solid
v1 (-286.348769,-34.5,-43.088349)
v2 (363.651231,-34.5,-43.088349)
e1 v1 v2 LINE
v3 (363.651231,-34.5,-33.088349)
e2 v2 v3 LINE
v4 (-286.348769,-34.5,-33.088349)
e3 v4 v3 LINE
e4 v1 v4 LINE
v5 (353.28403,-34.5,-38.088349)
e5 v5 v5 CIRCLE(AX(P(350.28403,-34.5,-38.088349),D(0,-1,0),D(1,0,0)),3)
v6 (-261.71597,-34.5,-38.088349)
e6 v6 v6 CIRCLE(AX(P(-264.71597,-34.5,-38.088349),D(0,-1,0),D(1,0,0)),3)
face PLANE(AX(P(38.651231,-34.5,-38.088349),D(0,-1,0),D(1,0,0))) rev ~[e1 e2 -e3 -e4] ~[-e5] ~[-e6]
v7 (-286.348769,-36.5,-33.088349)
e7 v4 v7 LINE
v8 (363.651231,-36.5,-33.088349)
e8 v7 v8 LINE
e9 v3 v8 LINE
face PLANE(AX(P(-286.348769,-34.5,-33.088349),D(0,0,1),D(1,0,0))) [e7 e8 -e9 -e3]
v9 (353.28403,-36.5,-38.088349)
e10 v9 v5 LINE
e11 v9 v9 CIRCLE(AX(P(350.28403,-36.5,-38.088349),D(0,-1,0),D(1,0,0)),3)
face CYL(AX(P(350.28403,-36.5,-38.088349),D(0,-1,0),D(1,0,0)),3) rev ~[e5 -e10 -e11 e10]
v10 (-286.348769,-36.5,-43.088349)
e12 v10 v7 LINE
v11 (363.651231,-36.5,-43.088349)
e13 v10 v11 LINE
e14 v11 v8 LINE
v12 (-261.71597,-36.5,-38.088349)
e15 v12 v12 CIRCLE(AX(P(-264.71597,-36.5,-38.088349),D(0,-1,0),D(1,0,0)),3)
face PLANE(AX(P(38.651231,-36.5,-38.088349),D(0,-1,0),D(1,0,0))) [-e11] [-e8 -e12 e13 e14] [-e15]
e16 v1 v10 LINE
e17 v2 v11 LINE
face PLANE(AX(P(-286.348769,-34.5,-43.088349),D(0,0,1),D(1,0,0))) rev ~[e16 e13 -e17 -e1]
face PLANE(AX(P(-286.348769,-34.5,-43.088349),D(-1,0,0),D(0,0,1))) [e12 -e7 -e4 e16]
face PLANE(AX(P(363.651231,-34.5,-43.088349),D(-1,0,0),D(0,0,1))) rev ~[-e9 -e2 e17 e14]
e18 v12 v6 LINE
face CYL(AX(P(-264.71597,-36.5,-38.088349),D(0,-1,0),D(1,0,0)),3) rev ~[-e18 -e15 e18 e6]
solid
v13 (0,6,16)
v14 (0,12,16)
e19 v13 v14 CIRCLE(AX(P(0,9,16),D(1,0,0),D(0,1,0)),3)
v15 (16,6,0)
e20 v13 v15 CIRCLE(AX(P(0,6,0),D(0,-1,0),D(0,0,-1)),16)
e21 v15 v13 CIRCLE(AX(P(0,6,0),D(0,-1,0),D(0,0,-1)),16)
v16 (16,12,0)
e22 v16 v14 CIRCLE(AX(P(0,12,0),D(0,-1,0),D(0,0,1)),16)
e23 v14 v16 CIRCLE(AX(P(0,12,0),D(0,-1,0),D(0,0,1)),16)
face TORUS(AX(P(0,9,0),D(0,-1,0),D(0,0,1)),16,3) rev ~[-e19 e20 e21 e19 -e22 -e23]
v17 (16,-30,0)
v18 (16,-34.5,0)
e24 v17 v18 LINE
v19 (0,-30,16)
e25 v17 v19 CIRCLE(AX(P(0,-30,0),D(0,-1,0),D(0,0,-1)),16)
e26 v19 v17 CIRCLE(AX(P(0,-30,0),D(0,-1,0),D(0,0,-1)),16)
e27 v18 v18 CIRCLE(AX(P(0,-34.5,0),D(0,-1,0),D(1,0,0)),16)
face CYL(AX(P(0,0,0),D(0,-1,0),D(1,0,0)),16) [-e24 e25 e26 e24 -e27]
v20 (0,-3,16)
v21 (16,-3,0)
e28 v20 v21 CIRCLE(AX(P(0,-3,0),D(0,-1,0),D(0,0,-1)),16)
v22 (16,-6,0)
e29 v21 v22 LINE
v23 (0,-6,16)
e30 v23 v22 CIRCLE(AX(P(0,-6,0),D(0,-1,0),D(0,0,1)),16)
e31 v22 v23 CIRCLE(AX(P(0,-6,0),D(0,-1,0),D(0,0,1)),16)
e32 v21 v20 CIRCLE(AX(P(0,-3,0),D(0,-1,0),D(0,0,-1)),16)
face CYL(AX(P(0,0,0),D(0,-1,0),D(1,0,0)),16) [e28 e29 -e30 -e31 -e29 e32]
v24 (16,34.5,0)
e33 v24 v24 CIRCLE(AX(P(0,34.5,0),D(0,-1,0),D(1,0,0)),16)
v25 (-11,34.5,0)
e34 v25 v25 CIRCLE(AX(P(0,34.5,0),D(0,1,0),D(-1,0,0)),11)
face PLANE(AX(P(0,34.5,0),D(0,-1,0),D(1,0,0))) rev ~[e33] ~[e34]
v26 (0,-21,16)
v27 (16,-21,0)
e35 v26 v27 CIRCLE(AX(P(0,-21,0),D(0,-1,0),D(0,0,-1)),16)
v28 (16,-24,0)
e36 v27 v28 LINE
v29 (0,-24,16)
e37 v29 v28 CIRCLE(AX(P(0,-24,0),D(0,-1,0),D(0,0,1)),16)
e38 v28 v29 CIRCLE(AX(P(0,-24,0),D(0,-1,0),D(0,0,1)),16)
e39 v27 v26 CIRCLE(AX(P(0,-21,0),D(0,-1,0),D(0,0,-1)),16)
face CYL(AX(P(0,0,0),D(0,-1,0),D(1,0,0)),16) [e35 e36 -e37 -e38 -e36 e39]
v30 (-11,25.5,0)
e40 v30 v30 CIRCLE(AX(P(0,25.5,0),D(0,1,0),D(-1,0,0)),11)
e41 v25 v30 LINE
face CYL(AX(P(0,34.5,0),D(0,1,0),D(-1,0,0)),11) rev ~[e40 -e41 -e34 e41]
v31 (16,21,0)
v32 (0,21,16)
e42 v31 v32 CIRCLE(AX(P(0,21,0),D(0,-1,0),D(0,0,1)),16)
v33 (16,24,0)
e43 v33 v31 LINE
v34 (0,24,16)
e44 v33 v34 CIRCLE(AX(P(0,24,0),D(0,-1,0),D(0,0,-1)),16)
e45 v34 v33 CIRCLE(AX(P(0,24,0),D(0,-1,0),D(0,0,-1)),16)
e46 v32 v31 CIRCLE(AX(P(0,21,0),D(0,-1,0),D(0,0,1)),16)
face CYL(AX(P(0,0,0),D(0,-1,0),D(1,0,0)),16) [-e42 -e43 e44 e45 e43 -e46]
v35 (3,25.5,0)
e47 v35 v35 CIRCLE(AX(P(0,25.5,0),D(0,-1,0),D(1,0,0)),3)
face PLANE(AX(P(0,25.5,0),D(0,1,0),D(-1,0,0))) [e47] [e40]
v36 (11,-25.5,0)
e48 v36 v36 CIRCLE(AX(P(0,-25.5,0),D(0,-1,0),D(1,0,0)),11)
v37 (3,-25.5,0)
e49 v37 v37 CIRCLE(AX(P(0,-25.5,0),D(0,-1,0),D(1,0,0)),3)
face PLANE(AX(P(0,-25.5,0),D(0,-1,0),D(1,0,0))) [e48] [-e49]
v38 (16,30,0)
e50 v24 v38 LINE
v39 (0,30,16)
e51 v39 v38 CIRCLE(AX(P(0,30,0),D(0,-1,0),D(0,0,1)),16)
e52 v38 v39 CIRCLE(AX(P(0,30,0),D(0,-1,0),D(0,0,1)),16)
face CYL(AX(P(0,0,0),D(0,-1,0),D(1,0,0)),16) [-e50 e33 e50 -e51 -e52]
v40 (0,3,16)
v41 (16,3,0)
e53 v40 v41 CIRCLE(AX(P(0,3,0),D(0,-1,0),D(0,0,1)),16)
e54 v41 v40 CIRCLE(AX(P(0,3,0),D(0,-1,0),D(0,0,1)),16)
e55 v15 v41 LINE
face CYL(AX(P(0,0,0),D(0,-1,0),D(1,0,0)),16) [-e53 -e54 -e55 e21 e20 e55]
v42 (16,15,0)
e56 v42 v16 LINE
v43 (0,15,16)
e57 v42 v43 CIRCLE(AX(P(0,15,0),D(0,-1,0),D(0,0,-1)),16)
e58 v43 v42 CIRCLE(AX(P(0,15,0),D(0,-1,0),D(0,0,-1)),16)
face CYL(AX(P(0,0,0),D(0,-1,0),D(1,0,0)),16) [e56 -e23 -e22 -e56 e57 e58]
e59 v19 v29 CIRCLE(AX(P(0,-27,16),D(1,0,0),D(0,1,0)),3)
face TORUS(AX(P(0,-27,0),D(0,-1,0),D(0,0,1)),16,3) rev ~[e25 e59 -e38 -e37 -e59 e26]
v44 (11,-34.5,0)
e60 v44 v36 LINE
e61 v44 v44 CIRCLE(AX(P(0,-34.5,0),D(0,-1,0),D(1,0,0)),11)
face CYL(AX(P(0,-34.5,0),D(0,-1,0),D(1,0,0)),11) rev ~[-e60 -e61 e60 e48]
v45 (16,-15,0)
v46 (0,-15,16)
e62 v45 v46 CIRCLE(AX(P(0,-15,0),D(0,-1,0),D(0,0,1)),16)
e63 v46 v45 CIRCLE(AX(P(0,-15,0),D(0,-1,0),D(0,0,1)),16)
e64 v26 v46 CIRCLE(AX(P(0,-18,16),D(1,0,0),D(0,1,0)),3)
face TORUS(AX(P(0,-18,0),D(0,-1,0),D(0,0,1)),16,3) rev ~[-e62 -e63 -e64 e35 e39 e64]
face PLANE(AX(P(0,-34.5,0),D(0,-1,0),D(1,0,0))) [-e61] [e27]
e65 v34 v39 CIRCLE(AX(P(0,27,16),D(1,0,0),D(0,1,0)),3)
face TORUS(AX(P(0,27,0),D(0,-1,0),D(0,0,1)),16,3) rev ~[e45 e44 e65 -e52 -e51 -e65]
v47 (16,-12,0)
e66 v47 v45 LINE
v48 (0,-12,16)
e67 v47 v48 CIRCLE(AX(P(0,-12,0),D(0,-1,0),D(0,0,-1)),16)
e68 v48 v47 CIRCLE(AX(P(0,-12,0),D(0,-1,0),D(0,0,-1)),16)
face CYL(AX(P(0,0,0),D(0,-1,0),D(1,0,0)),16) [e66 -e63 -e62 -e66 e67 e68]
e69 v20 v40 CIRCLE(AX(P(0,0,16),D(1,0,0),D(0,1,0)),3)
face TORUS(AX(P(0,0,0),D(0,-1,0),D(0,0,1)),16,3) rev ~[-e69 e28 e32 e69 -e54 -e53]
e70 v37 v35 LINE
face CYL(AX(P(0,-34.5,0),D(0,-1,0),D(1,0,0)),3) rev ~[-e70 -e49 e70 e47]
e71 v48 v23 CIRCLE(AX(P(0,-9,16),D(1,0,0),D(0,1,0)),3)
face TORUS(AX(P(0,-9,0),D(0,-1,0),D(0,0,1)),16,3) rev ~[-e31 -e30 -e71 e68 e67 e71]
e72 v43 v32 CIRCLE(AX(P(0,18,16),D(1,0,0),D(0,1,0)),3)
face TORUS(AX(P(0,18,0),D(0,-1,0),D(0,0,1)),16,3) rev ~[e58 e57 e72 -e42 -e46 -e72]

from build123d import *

# Parameters (mm, degrees)
F0_R      = 16
F1_DEPTH  = 34.5
F2_R      = 3
F4_R      = 3
F5_DEPTH  = 69.001
F6_R      = 11
F7_DEPTH  = 9
F8_R      = 11
F9_DEPTH  = 9
F10_W     = 650
F10_H     = 10
F11_DEPTH = 2
F12_R     = 3
F13_DEPTH = 25


with BuildPart() as f1:
    # F0 (on Front) → F1 (new body, symmetric)
    with BuildSketch(Plane.XZ):
        Circle(F0_R)
    extrude(amount=F1_DEPTH, both=True)

    # F2 (on Right) → F3 (revolve, cut)
    with BuildSketch(Plane.YZ):
        with Locations((-27, 16)):
            Circle(F2_R)
        with Locations((-18, 16)):
            Circle(F2_R)
        with Locations((-9, 16)):
            Circle(F2_R)
        with Locations((0, 16)):
            Circle(F2_R)
        with Locations((9, 16)):
            Circle(F2_R)
        with Locations((18, 16)):
            Circle(F2_R)
        with Locations((27, 16)):
            Circle(F2_R)
    revolve(axis=Axis((0, -34.5, 0), (0, -1, 0)), mode=Mode.SUBTRACT)

    # F4 (on face) → F5 (cut, through all)
    with BuildSketch(Plane.XZ.offset(34.5)):
        Circle(F4_R)
    extrude(amount=-F5_DEPTH, mode=Mode.SUBTRACT)

    # F6 (on face) → F7 (cut)
    with BuildSketch(Plane.XZ.offset(34.5)):
        Circle(F6_R)
    extrude(amount=-F7_DEPTH, mode=Mode.SUBTRACT)

    # F8 (on face) → F9 (cut)
    with BuildSketch(Plane(origin=(0, 34.5, 0), x_dir=(-1, 0, 0), z_dir=(0, 1, 0))):
        Circle(F8_R)
    extrude(amount=-F9_DEPTH, mode=Mode.SUBTRACT)


with BuildPart() as f11:
    # F10 (on face) → F11 (new body)
    with BuildSketch(Plane.XZ.offset(34.5)):
        with Locations((38.651231, -38.088349)):
            Rectangle(F10_W, F10_H)
    extrude(amount=F11_DEPTH)

    # F12 (on face) → F13 (cut)
    with BuildSketch(Plane.XZ.offset(36.5)):
        with BuildLine():
            ThreePointArc((347.28403, -38.088349), (350.28403, -41.088349), (353.28403, -38.088349))
            Line((353.28403, -38.088349), (347.28403, -38.088349))
        make_face()
        with BuildLine():
            Line((347.28403, -38.088349), (353.28403, -38.088349))
            ThreePointArc((353.28403, -38.088349), (350.28403, -35.088349), (347.28403, -38.088349))
        make_face()
        with Locations((-264.71597, -38.088349)):
            Circle(F12_R)
    extrude(amount=-F13_DEPTH, mode=Mode.SUBTRACT)


solid = Compound([f1.part, f11.part])
